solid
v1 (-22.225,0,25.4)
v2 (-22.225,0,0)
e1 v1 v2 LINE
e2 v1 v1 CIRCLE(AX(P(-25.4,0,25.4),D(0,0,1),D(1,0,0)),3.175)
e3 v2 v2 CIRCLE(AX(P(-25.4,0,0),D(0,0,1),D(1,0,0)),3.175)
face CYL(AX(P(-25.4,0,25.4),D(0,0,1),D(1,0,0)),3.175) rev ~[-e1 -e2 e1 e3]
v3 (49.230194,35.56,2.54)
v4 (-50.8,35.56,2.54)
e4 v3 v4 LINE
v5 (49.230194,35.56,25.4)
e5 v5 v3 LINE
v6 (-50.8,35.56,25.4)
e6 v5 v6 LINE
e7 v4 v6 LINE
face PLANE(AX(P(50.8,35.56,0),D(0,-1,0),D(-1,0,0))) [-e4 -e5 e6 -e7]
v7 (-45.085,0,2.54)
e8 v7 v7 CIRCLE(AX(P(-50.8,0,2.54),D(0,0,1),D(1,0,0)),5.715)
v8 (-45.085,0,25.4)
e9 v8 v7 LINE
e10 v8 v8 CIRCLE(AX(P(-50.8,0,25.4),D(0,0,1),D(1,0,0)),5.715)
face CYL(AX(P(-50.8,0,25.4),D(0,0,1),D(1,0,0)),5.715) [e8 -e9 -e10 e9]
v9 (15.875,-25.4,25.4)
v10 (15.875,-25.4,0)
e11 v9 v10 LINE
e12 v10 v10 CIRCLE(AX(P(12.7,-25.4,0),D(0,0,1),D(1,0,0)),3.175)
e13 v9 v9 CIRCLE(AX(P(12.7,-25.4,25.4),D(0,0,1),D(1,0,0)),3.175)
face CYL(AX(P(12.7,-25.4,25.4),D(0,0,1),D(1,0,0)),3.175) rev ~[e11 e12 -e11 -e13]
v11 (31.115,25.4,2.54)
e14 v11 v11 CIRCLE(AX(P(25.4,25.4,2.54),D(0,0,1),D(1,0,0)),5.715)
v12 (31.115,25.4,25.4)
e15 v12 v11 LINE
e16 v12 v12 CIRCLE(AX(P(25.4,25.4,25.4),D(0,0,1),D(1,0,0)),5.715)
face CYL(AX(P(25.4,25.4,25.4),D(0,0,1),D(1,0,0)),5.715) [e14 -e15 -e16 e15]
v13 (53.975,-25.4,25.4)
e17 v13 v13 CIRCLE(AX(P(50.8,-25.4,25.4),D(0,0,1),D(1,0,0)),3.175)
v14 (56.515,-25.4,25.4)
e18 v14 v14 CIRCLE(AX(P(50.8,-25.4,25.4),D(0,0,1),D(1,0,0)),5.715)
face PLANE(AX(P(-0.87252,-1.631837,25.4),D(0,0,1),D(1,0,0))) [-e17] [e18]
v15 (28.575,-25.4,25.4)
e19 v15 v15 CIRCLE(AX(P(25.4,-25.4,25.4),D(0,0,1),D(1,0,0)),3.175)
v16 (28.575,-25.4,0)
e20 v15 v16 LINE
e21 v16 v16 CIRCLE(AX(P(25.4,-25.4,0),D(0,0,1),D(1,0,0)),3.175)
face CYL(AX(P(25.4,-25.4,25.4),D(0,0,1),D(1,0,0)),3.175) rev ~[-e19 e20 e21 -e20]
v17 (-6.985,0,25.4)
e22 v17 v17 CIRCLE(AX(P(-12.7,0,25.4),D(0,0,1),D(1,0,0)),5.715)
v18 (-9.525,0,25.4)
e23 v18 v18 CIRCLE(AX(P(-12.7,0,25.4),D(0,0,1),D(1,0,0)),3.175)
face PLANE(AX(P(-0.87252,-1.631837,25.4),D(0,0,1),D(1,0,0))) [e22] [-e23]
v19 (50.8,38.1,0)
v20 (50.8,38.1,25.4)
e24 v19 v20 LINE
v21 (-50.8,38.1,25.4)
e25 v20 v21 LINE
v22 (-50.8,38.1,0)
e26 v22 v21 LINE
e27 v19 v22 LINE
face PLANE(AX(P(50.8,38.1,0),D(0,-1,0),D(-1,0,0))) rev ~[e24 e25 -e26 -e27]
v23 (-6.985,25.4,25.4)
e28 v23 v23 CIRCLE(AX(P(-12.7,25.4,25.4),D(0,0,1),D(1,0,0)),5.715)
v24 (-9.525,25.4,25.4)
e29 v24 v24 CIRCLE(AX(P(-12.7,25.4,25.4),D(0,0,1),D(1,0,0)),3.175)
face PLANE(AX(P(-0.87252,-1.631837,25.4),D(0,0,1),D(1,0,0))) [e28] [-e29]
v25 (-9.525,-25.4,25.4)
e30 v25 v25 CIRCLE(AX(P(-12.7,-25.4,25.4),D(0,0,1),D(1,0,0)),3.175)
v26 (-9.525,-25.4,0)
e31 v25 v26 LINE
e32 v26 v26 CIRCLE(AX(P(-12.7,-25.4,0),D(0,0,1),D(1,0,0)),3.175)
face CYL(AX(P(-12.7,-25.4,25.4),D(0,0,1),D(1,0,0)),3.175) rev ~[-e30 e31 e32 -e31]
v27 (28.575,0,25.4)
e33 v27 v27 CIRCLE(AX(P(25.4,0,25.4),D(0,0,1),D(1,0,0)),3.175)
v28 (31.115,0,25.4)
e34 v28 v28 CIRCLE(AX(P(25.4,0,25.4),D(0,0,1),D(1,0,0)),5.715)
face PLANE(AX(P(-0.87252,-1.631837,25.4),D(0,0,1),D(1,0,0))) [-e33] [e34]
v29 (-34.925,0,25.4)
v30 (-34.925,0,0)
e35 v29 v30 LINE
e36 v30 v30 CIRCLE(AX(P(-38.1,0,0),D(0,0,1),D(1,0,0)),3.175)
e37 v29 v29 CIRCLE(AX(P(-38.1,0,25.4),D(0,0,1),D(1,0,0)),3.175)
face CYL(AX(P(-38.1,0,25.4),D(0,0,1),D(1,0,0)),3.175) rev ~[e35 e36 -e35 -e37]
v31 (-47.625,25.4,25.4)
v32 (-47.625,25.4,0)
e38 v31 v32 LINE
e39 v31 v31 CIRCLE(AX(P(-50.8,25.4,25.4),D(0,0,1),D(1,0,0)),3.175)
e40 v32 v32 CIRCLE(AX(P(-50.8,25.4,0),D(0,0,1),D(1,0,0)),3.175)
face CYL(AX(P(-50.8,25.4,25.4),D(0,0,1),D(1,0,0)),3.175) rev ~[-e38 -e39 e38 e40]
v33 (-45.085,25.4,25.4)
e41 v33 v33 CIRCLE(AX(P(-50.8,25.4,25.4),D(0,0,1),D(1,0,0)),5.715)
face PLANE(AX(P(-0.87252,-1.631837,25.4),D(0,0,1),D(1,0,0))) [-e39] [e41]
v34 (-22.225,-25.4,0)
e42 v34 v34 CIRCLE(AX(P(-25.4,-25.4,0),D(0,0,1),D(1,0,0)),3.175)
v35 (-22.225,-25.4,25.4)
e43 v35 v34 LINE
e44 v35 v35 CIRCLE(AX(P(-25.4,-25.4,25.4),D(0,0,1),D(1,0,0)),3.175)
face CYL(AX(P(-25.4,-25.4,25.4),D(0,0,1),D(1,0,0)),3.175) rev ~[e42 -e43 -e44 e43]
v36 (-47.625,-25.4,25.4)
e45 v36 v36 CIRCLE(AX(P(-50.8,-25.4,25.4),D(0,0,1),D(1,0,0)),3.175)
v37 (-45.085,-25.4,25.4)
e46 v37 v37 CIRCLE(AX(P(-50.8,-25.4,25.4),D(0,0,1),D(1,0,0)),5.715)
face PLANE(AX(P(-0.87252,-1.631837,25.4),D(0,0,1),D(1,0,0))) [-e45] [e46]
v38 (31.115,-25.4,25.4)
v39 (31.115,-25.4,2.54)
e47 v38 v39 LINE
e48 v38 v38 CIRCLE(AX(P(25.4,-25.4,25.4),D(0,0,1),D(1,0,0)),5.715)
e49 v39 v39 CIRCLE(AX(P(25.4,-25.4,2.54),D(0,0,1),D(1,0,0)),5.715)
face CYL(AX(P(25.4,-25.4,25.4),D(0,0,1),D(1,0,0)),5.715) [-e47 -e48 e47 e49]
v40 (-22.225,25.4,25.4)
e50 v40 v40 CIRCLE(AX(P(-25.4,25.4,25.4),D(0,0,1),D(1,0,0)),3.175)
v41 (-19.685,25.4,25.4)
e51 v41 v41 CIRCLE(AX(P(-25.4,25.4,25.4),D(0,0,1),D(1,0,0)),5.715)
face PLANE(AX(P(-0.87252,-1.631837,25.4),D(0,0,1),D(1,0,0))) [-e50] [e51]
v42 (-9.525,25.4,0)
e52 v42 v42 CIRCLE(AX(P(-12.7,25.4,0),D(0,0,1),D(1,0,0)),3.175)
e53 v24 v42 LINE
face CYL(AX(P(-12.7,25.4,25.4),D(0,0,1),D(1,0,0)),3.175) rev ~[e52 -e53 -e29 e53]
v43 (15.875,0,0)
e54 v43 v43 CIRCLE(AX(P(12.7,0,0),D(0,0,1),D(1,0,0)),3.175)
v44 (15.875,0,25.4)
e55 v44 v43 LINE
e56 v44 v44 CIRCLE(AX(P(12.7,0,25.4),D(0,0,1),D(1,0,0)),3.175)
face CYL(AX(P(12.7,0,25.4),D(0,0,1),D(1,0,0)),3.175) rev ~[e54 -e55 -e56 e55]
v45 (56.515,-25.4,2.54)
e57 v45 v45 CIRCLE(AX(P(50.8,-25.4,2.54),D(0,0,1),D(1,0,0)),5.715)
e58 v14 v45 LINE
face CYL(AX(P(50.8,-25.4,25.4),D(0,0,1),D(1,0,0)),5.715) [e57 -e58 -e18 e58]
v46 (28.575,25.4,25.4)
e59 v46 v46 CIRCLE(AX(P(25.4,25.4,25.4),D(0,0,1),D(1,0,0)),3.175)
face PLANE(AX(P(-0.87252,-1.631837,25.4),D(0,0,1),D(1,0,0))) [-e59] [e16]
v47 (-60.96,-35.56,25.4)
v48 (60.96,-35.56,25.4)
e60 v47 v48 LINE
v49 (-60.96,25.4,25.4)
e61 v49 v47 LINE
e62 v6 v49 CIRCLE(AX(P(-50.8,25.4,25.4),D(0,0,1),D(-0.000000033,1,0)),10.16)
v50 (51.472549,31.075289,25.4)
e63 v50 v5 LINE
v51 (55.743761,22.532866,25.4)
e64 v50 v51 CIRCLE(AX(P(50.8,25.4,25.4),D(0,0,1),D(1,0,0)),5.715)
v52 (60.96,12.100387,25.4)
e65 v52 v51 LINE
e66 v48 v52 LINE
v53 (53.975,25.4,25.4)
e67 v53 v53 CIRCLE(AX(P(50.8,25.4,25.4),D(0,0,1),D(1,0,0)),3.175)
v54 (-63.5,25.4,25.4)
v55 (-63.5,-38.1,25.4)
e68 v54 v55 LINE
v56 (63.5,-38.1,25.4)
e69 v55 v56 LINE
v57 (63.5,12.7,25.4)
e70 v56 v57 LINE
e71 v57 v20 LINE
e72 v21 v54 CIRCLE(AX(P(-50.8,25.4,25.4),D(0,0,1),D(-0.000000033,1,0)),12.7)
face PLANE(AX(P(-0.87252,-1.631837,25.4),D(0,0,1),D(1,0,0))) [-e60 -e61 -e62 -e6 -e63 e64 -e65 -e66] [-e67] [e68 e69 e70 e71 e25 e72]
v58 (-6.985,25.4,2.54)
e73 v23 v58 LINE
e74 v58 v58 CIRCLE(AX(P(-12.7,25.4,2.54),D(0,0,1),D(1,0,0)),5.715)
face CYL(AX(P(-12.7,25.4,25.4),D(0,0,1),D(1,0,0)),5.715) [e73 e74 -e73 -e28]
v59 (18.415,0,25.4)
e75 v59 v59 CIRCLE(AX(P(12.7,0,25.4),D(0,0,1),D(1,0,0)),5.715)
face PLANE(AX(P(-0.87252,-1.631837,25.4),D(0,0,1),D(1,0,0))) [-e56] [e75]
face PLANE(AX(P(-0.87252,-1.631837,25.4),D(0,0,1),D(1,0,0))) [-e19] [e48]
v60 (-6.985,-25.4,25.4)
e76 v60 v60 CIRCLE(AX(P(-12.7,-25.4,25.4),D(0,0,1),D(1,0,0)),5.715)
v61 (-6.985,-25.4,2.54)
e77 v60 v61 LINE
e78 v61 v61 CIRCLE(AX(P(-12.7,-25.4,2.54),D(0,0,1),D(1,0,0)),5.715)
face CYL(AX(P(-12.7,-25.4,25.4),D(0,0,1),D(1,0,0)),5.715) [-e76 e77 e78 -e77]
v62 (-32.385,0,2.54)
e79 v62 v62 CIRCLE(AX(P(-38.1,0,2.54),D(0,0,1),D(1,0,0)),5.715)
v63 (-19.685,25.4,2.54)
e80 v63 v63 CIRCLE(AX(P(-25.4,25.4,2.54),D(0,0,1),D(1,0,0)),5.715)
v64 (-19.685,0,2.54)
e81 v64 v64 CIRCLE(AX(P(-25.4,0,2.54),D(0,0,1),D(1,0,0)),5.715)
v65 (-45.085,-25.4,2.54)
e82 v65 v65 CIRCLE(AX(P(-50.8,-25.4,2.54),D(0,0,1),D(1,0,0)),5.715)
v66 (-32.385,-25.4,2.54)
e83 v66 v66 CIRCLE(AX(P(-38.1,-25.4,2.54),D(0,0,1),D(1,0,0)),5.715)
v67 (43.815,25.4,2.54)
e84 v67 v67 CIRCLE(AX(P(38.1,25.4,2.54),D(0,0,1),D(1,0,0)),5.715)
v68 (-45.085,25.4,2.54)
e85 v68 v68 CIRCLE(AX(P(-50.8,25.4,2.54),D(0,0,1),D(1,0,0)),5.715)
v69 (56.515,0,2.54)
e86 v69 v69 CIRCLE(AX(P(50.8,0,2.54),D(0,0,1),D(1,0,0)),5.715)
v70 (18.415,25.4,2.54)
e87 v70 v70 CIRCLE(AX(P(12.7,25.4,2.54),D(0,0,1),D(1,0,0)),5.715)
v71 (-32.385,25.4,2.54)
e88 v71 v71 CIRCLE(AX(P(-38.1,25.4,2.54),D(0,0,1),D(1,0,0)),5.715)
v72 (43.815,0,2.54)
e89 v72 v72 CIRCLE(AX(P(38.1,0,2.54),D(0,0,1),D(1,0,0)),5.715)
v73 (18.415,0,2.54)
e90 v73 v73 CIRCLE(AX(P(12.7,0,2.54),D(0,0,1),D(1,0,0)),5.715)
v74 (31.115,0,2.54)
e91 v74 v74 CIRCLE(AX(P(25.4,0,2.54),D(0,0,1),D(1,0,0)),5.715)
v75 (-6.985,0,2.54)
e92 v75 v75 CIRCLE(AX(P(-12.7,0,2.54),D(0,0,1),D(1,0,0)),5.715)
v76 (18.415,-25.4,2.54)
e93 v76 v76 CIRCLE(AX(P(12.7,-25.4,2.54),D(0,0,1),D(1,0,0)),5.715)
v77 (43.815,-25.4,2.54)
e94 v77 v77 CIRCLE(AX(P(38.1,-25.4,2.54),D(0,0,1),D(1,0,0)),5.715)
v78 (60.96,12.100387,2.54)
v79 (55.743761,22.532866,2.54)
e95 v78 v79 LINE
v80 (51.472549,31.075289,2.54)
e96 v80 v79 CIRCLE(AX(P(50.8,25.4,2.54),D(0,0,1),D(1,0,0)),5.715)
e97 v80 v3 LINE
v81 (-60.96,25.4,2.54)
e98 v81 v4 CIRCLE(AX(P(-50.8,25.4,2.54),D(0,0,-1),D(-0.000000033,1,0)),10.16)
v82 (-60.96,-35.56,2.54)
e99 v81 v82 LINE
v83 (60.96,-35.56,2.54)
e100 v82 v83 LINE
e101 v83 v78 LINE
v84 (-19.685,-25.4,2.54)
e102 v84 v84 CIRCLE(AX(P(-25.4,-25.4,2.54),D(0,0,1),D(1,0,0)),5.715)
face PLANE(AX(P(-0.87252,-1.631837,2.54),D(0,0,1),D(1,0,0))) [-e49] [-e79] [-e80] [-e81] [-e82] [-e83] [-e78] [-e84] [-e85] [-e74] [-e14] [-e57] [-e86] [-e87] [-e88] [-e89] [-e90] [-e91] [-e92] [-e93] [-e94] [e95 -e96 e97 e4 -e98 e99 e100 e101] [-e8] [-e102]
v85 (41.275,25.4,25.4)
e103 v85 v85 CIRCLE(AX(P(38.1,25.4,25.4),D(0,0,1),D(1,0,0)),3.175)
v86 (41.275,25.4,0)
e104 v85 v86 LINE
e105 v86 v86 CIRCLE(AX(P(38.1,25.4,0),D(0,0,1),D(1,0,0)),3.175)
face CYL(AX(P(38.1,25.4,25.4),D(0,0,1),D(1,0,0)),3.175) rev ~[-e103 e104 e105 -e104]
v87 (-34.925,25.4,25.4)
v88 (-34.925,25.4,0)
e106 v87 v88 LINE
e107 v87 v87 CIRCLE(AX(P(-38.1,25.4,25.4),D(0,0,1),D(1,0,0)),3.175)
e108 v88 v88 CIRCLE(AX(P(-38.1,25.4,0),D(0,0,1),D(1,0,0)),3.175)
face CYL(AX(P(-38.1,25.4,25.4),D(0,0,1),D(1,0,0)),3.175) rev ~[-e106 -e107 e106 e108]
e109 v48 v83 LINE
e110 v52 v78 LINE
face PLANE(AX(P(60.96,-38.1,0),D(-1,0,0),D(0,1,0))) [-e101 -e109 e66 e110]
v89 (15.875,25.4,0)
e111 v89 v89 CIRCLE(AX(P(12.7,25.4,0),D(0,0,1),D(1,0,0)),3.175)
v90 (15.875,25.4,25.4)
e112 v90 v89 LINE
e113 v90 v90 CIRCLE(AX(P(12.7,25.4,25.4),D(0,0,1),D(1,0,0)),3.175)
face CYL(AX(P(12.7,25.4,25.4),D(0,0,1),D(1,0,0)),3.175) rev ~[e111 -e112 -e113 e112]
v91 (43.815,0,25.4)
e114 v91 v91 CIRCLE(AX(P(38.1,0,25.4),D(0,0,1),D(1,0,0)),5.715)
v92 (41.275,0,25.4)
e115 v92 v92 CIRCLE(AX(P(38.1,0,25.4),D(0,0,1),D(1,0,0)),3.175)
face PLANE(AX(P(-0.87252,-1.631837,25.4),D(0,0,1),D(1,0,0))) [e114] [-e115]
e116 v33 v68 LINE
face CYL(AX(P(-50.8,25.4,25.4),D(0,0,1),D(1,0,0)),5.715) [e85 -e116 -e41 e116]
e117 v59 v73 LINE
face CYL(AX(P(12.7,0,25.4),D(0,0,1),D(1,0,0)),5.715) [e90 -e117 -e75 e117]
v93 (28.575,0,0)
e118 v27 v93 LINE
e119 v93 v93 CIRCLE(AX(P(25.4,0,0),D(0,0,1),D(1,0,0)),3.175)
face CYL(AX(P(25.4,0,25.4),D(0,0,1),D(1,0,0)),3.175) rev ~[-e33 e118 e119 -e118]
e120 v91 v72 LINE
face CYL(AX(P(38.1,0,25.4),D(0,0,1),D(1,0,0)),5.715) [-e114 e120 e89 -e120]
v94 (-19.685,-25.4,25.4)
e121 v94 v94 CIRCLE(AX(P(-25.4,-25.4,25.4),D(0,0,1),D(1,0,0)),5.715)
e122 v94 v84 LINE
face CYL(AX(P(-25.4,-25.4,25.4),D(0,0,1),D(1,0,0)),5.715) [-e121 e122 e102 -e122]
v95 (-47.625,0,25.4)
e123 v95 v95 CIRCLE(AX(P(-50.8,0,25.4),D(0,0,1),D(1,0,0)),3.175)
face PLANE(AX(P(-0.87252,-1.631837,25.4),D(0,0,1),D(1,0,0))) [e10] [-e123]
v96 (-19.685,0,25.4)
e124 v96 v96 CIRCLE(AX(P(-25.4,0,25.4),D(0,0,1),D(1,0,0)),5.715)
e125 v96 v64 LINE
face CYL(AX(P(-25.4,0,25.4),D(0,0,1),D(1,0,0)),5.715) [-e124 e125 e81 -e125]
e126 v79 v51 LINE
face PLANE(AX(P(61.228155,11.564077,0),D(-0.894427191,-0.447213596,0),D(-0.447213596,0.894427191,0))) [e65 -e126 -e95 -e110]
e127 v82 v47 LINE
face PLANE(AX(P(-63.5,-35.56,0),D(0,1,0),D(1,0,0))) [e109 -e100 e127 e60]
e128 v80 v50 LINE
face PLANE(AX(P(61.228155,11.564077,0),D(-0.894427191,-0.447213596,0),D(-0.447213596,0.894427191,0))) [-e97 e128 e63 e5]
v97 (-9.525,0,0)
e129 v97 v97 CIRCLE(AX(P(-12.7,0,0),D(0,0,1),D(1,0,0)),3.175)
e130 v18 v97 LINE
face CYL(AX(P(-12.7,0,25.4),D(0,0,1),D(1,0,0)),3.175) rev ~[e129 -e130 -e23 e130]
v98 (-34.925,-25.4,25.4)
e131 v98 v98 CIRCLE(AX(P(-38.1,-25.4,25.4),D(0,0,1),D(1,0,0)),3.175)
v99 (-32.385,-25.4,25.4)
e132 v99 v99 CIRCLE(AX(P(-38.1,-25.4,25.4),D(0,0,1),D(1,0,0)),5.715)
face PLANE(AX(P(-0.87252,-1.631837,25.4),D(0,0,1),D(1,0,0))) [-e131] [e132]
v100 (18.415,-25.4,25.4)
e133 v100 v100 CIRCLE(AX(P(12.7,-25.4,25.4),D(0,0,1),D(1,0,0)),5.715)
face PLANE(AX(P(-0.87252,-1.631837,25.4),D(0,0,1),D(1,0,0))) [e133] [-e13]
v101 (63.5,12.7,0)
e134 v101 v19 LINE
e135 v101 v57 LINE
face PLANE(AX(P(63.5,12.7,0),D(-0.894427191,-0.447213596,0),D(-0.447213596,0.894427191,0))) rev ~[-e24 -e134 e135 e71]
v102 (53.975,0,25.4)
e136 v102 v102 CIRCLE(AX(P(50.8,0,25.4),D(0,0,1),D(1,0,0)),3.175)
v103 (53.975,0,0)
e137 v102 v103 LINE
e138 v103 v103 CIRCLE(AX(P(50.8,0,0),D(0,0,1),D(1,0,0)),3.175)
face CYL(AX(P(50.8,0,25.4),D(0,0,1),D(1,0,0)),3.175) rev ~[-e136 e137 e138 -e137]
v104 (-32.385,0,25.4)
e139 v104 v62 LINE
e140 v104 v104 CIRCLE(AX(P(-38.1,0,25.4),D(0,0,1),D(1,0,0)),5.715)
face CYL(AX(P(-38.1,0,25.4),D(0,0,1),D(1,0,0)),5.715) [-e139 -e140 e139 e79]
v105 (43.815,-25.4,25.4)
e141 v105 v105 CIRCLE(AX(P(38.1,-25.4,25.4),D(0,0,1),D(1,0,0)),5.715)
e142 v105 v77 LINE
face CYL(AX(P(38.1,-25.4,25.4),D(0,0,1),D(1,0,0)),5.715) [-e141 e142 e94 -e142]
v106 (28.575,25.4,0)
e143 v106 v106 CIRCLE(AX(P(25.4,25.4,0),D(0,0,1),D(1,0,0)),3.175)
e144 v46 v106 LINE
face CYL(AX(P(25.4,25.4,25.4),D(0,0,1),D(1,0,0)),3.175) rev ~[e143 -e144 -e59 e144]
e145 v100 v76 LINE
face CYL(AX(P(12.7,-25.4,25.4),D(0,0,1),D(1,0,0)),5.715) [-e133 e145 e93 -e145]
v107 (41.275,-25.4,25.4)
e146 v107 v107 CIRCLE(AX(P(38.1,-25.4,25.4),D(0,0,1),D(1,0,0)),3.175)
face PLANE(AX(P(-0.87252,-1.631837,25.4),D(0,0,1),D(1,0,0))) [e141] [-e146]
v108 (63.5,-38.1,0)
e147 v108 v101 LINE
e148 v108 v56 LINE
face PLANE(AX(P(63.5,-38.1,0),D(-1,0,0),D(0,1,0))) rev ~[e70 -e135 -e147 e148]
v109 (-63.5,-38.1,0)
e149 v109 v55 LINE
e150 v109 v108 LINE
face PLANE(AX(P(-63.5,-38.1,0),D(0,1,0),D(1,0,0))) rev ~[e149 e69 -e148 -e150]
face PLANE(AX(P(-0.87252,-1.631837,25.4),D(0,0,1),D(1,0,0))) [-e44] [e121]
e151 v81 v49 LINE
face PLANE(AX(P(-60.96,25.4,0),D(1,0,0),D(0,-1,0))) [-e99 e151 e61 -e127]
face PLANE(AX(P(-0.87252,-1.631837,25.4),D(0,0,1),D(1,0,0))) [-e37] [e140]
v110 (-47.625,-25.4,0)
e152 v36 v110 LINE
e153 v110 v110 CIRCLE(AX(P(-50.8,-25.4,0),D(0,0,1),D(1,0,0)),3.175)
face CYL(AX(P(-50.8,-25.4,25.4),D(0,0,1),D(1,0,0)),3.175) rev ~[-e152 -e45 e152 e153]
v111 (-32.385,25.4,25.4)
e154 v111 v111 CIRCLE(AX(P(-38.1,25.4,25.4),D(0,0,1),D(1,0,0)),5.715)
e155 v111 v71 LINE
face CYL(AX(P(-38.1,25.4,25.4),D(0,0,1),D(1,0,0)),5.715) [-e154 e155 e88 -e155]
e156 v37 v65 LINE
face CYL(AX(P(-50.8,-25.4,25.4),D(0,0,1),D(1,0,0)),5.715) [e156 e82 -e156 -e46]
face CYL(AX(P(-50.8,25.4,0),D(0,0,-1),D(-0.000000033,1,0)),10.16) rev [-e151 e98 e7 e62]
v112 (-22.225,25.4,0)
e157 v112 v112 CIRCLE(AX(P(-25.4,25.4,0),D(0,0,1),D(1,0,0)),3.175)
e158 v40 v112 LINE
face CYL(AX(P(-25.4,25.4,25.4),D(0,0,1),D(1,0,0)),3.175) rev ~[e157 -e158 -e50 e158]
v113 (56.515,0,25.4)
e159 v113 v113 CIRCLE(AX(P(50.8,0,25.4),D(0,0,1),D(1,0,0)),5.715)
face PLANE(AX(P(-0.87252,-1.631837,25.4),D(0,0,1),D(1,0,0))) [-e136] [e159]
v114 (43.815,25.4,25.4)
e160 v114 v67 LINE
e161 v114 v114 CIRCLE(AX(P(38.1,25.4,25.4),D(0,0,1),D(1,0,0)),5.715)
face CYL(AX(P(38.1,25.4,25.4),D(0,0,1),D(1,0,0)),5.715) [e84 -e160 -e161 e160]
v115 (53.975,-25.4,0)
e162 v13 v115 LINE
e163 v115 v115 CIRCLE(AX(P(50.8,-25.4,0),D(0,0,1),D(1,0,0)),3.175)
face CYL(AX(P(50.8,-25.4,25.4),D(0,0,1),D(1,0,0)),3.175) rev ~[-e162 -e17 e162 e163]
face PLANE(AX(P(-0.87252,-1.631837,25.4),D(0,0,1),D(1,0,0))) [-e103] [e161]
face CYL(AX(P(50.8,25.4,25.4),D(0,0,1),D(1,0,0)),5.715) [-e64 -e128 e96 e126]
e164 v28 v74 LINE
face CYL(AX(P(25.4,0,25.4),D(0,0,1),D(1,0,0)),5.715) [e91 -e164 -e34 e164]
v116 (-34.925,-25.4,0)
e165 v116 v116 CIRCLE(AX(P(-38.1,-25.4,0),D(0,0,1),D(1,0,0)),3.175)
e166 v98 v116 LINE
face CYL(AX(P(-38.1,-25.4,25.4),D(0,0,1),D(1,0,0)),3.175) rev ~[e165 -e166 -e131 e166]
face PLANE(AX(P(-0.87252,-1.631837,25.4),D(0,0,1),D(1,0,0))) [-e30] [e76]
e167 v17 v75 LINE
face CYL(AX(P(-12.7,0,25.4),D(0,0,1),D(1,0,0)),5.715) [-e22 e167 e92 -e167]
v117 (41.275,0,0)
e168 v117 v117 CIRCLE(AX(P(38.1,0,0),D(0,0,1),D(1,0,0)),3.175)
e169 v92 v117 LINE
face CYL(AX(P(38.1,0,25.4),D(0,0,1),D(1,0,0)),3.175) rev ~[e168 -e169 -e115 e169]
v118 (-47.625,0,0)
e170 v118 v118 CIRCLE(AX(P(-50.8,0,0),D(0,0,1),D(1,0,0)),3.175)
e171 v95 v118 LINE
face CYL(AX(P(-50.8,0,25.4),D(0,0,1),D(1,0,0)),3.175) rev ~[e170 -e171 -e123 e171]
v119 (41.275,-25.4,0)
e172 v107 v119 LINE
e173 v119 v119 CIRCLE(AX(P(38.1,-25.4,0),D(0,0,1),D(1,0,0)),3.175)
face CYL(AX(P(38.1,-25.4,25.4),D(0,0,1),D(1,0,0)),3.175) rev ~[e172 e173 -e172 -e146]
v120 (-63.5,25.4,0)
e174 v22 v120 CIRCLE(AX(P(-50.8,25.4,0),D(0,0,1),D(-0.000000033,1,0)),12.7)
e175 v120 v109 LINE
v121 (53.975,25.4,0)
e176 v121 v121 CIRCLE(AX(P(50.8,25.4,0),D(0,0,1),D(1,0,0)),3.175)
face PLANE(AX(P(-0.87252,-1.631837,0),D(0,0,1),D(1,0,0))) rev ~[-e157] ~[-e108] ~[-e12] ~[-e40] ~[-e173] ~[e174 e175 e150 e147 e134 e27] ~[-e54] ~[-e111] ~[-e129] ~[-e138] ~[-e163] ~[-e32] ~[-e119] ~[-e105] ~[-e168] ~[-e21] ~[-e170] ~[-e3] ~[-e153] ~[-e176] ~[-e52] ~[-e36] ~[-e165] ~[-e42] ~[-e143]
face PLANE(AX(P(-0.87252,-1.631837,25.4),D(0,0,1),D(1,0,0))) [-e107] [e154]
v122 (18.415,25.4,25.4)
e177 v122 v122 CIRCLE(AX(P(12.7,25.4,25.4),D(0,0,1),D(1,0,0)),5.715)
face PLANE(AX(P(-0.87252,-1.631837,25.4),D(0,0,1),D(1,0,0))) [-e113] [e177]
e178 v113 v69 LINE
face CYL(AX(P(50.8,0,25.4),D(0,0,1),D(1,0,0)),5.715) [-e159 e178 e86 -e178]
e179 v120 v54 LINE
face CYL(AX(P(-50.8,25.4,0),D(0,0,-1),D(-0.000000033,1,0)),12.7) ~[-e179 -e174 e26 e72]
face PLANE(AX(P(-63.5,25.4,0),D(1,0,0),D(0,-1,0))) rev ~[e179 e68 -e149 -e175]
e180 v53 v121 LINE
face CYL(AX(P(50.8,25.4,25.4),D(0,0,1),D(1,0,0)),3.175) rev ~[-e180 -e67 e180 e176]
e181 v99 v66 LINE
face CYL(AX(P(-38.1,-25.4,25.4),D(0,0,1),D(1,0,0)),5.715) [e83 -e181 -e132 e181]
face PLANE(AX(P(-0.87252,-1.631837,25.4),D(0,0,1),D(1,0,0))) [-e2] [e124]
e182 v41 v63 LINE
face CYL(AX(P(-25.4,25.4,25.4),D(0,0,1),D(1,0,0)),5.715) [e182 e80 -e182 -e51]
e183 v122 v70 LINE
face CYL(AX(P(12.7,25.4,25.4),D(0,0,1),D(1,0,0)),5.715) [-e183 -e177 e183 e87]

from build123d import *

# Parameters (mm, degrees)
F1_DEPTH = 25.4
F3_R     = 3.175
F4_DEPTH = 25.4
F5_T     = -2.54


with BuildPart() as f1:
    # F0 (on Top) → F1 (new body)
    with BuildSketch(Plane.XY):
        with BuildLine():
            Line((50.8, 38.1), (-50.8, 38.1))
            ThreePointArc((-50.8, 38.1), (-59.780256, 34.380256), (-63.5, 25.4))
            Line((-63.5, 25.4), (-63.5, -38.1))
            Line((-63.5, -38.1), (63.5, -38.1))
            Line((63.5, -38.1), (63.5, 12.7))
            Line((63.5, 12.7), (50.8, 38.1))
        make_face()
    extrude(amount=F1_DEPTH)

    # F3 (on face) → F4 (cut)
    with BuildSketch(Plane.XY.offset(25.4)):
        with Locations((-50.8, 25.4)):
            Circle(F3_R)
        with Locations((-50.8, 0)):
            Circle(F3_R)
        with Locations((-50.8, -25.4)):
            Circle(F3_R)
        with Locations((-38.1, 25.4)):
            Circle(F3_R)
        with Locations((-38.1, 0)):
            Circle(F3_R)
        with Locations((-38.1, -25.4)):
            Circle(F3_R)
        with Locations((-25.4, 25.4)):
            Circle(F3_R)
        with Locations((-25.4, 0)):
            Circle(F3_R)
        with Locations((-25.4, -25.4)):
            Circle(F3_R)
        with Locations((-12.7, 25.4)):
            Circle(F3_R)
        with Locations((-12.7, 0)):
            Circle(F3_R)
        with Locations((-12.7, -25.4)):
            Circle(F3_R)
        with Locations((50.8, 25.4)):
            Circle(F3_R)
        with Locations((38.1, 25.4)):
            Circle(F3_R)
        with Locations((25.4, 25.4)):
            Circle(F3_R)
        with Locations((12.7, 25.4)):
            Circle(F3_R)
        with Locations((12.7, 0)):
            Circle(F3_R)
        with Locations((25.4, 0)):
            Circle(F3_R)
        with Locations((38.1, 0)):
            Circle(F3_R)
        with Locations((50.8, -25.4)):
            Circle(F3_R)
        with Locations((38.1, -25.4)):
            Circle(F3_R)
        with Locations((25.4, -25.4)):
            Circle(F3_R)
        with Locations((12.7, -25.4)):
            Circle(F3_R)
        with Locations((50.8, 0)):
            Circle(F3_R)
    extrude(amount=-F4_DEPTH, mode=Mode.SUBTRACT)

    # F5
    f5_openings = [f1.faces().sort_by_distance(p)[0] for p in [
        (-0.855292, -0.687975, 25.4),
    ]]
    offset(amount=F5_T, openings=f5_openings)


solid = f1.part
